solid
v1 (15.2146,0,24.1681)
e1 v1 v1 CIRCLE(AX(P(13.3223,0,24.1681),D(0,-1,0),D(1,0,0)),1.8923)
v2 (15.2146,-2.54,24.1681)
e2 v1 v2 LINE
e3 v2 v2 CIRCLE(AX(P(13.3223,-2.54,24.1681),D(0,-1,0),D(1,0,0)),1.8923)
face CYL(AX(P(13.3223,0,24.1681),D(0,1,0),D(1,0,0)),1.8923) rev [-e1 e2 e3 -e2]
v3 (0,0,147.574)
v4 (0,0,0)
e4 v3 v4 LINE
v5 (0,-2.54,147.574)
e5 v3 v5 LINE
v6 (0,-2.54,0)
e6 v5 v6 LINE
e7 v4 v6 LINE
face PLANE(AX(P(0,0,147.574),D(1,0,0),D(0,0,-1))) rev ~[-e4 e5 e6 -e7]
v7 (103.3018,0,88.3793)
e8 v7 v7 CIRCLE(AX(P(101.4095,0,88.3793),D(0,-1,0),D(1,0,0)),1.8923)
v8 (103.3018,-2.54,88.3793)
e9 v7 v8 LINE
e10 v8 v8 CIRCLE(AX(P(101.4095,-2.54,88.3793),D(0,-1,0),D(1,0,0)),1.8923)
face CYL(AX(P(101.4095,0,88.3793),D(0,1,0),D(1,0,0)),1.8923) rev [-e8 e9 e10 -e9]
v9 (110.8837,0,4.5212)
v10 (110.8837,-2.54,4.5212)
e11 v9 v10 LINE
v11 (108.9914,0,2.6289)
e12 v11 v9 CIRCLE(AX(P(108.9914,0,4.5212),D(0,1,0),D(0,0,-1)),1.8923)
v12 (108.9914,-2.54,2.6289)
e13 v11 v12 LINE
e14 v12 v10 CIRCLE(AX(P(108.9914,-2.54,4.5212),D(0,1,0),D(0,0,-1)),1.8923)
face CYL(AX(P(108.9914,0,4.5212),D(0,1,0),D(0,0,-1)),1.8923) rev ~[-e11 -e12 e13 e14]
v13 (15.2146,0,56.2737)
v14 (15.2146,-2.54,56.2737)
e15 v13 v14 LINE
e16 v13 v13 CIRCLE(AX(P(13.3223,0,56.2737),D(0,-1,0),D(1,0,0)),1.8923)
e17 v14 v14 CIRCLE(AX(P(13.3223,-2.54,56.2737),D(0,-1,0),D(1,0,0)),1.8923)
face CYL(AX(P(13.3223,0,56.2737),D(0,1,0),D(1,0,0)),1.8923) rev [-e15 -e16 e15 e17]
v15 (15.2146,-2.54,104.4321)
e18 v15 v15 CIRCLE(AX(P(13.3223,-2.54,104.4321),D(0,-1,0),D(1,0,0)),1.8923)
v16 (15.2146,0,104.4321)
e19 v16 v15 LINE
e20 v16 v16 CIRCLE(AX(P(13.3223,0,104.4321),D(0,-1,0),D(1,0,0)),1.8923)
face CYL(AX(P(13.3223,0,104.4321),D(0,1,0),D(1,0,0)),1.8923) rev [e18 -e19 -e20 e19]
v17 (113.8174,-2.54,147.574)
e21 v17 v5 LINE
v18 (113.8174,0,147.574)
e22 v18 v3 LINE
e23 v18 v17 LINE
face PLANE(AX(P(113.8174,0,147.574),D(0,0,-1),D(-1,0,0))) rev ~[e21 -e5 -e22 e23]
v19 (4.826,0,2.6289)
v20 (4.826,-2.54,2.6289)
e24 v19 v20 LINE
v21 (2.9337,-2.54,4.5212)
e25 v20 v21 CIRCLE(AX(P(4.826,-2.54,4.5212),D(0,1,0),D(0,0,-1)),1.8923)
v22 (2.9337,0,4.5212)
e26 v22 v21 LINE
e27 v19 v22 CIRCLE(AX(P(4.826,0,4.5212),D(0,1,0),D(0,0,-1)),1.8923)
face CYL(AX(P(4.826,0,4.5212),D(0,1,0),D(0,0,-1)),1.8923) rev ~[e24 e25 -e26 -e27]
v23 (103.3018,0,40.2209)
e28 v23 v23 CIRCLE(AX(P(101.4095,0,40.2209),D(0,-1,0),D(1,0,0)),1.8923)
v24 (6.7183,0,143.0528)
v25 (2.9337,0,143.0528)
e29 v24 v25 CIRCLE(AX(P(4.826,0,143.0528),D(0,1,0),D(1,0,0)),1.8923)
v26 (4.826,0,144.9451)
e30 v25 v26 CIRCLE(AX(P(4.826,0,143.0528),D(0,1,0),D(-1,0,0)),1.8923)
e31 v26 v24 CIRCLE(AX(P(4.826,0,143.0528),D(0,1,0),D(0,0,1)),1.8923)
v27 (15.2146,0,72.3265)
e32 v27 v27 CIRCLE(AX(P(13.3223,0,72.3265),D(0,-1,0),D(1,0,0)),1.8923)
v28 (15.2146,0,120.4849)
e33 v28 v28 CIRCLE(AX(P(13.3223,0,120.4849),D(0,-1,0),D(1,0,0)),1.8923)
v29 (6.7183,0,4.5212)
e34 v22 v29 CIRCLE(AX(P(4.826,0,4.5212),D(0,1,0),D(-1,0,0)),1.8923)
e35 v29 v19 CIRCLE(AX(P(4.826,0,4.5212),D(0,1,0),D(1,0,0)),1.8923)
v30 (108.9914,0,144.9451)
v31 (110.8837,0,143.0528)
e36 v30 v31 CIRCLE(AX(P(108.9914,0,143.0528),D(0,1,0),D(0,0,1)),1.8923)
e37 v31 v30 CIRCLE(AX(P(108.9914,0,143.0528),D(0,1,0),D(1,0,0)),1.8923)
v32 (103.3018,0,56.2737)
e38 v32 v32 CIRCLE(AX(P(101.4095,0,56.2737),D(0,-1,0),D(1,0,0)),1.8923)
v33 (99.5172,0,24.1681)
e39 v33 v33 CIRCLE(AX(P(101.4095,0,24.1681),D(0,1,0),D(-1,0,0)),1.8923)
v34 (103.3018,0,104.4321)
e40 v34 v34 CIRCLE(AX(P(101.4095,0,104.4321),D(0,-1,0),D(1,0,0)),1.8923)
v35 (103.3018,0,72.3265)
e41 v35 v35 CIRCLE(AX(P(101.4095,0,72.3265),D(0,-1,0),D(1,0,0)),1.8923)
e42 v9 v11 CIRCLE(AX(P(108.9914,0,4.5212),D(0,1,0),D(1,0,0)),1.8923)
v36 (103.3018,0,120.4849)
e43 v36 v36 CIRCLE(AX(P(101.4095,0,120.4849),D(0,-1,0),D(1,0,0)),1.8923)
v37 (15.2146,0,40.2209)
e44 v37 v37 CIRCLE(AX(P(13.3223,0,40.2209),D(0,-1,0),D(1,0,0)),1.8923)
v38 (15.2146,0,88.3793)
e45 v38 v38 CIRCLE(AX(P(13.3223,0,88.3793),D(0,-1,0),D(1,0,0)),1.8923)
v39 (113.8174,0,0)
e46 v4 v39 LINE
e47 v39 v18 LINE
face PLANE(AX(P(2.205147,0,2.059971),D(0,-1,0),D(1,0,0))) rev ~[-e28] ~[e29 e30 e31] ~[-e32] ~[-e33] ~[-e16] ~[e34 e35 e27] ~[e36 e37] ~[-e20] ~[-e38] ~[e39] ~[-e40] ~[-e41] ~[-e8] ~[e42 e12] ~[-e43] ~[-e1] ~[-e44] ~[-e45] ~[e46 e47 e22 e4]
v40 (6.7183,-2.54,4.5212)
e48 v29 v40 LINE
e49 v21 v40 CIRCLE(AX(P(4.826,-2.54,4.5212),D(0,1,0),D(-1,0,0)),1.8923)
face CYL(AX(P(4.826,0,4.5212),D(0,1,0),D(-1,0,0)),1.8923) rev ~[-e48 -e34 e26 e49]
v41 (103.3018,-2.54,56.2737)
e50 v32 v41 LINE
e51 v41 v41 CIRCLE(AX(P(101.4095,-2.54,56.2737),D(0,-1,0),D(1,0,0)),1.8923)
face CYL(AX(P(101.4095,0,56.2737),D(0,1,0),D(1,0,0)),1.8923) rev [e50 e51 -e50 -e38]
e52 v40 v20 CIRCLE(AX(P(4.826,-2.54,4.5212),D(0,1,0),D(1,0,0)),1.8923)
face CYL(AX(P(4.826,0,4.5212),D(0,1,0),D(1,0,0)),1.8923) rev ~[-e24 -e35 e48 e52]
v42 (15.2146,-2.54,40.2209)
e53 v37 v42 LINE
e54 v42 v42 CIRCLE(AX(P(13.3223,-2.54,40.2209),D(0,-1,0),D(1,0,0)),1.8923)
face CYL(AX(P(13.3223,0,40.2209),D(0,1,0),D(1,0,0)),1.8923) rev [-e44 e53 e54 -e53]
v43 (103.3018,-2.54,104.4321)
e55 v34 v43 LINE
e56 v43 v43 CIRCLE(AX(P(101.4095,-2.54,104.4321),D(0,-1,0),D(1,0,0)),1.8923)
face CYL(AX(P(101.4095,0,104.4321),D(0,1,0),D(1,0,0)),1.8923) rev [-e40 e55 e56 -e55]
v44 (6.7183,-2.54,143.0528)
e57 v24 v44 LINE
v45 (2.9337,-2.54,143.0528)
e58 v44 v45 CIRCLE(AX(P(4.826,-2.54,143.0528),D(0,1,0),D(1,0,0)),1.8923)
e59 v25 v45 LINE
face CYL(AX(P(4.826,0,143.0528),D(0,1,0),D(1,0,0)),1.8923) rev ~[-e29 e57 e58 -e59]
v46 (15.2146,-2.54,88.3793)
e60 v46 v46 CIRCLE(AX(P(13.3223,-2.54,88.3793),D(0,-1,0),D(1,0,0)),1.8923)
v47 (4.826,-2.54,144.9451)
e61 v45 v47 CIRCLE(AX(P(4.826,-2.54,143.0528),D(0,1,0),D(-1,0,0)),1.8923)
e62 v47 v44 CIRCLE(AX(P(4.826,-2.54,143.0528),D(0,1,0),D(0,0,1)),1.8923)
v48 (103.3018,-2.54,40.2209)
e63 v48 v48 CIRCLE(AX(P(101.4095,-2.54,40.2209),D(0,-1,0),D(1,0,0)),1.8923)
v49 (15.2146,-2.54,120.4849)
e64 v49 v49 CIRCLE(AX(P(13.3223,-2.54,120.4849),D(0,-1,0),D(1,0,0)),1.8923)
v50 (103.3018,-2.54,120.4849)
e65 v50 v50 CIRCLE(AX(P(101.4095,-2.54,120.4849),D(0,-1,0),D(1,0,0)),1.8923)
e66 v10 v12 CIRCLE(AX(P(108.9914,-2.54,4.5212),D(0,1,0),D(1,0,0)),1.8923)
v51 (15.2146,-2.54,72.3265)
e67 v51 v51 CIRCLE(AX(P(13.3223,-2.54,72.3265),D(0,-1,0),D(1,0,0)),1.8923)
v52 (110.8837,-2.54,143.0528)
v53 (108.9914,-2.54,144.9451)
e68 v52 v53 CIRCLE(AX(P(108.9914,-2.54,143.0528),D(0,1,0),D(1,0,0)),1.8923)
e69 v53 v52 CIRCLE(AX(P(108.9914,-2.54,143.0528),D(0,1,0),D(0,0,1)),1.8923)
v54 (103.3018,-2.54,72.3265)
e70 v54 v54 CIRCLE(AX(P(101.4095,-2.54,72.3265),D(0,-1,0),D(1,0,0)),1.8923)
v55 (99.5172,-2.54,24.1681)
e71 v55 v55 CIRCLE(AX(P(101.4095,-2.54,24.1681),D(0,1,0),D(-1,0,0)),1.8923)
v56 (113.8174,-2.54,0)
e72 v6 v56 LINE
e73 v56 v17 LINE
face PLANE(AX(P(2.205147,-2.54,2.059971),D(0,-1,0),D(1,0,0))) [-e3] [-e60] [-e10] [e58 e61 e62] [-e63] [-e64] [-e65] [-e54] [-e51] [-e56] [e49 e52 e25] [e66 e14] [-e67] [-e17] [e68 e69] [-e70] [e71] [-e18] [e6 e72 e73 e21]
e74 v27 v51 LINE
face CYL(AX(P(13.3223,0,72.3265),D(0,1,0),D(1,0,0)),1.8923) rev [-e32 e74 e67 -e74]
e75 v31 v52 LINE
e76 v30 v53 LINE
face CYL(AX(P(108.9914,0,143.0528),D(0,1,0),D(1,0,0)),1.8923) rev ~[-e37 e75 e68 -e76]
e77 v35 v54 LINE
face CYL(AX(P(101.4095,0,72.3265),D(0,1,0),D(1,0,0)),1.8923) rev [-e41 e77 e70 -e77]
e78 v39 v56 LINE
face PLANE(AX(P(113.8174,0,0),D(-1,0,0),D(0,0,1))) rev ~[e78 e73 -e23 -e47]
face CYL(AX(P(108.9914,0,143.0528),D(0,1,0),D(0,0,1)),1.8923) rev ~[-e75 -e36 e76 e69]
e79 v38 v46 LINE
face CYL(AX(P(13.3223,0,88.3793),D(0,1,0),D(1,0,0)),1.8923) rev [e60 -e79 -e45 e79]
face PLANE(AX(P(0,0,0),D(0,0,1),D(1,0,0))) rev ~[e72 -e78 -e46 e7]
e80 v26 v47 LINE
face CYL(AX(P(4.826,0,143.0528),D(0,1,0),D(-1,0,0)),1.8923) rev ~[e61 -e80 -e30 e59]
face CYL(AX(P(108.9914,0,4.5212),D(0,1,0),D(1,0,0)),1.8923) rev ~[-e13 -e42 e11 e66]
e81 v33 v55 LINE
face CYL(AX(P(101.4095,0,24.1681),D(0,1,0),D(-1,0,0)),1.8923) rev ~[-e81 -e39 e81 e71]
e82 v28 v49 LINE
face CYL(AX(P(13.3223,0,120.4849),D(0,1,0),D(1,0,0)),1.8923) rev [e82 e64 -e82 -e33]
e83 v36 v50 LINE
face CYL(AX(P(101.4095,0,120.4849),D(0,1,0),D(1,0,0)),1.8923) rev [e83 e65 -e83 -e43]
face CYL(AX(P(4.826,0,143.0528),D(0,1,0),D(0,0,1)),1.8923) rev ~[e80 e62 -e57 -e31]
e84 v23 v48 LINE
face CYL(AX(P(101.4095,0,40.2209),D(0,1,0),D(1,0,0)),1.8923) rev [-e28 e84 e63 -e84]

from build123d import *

# Parameters (mm, degrees)
F0_R     = 1.8923
F1_DEPTH = 2.54


with BuildPart() as f1:
    # F0 (on Front) → F1 (new body)
    with BuildSketch(Plane.XZ):
        with BuildLine():
            Line((0, 4.5212), (0, 0))
            Line((0, 0), (4.826, 0))
            Line((4.826, 0), (4.826, 2.6289))
            ThreePointArc((4.826, 2.6289), (3.487941838, 3.183141838), (2.9337, 4.5212))
            Line((2.9337, 4.5212), (0, 4.5212))
        make_face()
        with BuildLine():
            Line((4.826, 2.6289), (4.826, 0))
            Line((4.826, 0), (108.9914, 0))
            Line((108.9914, 0), (108.9914, 2.6289))
            ThreePointArc((108.9914, 2.6289), (107.653341838, 5.859258162), (110.8837, 4.5212))
            Line((110.8837, 4.5212), (113.8174, 4.5212))
            Line((113.8174, 4.5212), (113.8174, 143.0528))
            Line((113.8174, 143.0528), (110.8837, 143.0528))
            ThreePointArc((110.8837, 143.0528), (107.653341838, 141.714741838), (108.9914, 144.9451))
            Line((108.9914, 144.9451), (108.9914, 147.574))
            Line((108.9914, 147.574), (4.826, 147.574))
            Line((4.826, 147.574), (4.826, 144.9451))
            ThreePointArc((4.826, 144.9451), (6.164058162, 144.390858162), (6.7183, 143.0528))
            ThreePointArc((6.7183, 143.0528), (4.826, 141.1605), (2.9337, 143.0528))
            Line((2.9337, 143.0528), (0, 143.0528))
            Line((0, 143.0528), (0, 4.5212))
            Line((0, 4.5212), (2.9337, 4.5212))
            ThreePointArc((2.9337, 4.5212), (4.826, 6.4135), (6.7183, 4.5212))
            ThreePointArc((6.7183, 4.5212), (6.164058162, 3.183141838), (4.826, 2.6289))
        make_face()
        with Locations((13.3223, 24.1681)):
            Circle(F0_R, mode=Mode.SUBTRACT)
        with Locations((13.3223, 40.2209)):
            Circle(F0_R, mode=Mode.SUBTRACT)
        with Locations((13.3223, 56.2737)):
            Circle(F0_R, mode=Mode.SUBTRACT)
        with Locations((13.3223, 72.3265)):
            Circle(F0_R, mode=Mode.SUBTRACT)
        with BuildLine():
            ThreePointArc((103.3018, 24.1681), (101.4095, 22.2758), (99.5172, 24.1681))
            ThreePointArc((99.5172, 24.1681), (101.4095, 26.0604), (103.3018, 24.1681))
        make_face(mode=Mode.SUBTRACT)
        with Locations((101.4095, 40.2209)):
            Circle(F0_R, mode=Mode.SUBTRACT)
        with Locations((101.4095, 56.2737)):
            Circle(F0_R, mode=Mode.SUBTRACT)
        with Locations((101.4095, 72.3265)):
            Circle(F0_R, mode=Mode.SUBTRACT)
        with Locations((13.3223, 88.3793)):
            Circle(F0_R, mode=Mode.SUBTRACT)
        with Locations((13.3223, 104.4321)):
            Circle(F0_R, mode=Mode.SUBTRACT)
        with Locations((13.3223, 120.4849)):
            Circle(F0_R, mode=Mode.SUBTRACT)
        with Locations((101.4095, 88.3793)):
            Circle(F0_R, mode=Mode.SUBTRACT)
        with Locations((101.4095, 104.4321)):
            Circle(F0_R, mode=Mode.SUBTRACT)
        with Locations((101.4095, 120.4849)):
            Circle(F0_R, mode=Mode.SUBTRACT)
        with BuildLine():
            Line((108.9914, 2.6289), (108.9914, 0))
            Line((108.9914, 0), (113.8174, 0))
            Line((113.8174, 0), (113.8174, 4.5212))
            Line((113.8174, 4.5212), (110.8837, 4.5212))
            ThreePointArc((110.8837, 4.5212), (110.329458162, 3.183141838), (108.9914, 2.6289))
        make_face()
        with BuildLine():
            Line((0, 147.574), (0, 143.0528))
            Line((0, 143.0528), (2.9337, 143.0528))
            ThreePointArc((2.9337, 143.0528), (3.487941838, 144.390858162), (4.826, 144.9451))
            Line((4.826, 144.9451), (4.826, 147.574))
            Line((4.826, 147.574), (0, 147.574))
        make_face()
        with BuildLine():
            Line((110.8837, 143.0528), (113.8174, 143.0528))
            Line((113.8174, 143.0528), (113.8174, 147.574))
            Line((113.8174, 147.574), (108.9914, 147.574))
            Line((108.9914, 147.574), (108.9914, 144.9451))
            ThreePointArc((108.9914, 144.9451), (110.329458162, 144.390858162), (110.8837, 143.0528))
        make_face()
    extrude(amount=F1_DEPTH)


solid = f1.part
